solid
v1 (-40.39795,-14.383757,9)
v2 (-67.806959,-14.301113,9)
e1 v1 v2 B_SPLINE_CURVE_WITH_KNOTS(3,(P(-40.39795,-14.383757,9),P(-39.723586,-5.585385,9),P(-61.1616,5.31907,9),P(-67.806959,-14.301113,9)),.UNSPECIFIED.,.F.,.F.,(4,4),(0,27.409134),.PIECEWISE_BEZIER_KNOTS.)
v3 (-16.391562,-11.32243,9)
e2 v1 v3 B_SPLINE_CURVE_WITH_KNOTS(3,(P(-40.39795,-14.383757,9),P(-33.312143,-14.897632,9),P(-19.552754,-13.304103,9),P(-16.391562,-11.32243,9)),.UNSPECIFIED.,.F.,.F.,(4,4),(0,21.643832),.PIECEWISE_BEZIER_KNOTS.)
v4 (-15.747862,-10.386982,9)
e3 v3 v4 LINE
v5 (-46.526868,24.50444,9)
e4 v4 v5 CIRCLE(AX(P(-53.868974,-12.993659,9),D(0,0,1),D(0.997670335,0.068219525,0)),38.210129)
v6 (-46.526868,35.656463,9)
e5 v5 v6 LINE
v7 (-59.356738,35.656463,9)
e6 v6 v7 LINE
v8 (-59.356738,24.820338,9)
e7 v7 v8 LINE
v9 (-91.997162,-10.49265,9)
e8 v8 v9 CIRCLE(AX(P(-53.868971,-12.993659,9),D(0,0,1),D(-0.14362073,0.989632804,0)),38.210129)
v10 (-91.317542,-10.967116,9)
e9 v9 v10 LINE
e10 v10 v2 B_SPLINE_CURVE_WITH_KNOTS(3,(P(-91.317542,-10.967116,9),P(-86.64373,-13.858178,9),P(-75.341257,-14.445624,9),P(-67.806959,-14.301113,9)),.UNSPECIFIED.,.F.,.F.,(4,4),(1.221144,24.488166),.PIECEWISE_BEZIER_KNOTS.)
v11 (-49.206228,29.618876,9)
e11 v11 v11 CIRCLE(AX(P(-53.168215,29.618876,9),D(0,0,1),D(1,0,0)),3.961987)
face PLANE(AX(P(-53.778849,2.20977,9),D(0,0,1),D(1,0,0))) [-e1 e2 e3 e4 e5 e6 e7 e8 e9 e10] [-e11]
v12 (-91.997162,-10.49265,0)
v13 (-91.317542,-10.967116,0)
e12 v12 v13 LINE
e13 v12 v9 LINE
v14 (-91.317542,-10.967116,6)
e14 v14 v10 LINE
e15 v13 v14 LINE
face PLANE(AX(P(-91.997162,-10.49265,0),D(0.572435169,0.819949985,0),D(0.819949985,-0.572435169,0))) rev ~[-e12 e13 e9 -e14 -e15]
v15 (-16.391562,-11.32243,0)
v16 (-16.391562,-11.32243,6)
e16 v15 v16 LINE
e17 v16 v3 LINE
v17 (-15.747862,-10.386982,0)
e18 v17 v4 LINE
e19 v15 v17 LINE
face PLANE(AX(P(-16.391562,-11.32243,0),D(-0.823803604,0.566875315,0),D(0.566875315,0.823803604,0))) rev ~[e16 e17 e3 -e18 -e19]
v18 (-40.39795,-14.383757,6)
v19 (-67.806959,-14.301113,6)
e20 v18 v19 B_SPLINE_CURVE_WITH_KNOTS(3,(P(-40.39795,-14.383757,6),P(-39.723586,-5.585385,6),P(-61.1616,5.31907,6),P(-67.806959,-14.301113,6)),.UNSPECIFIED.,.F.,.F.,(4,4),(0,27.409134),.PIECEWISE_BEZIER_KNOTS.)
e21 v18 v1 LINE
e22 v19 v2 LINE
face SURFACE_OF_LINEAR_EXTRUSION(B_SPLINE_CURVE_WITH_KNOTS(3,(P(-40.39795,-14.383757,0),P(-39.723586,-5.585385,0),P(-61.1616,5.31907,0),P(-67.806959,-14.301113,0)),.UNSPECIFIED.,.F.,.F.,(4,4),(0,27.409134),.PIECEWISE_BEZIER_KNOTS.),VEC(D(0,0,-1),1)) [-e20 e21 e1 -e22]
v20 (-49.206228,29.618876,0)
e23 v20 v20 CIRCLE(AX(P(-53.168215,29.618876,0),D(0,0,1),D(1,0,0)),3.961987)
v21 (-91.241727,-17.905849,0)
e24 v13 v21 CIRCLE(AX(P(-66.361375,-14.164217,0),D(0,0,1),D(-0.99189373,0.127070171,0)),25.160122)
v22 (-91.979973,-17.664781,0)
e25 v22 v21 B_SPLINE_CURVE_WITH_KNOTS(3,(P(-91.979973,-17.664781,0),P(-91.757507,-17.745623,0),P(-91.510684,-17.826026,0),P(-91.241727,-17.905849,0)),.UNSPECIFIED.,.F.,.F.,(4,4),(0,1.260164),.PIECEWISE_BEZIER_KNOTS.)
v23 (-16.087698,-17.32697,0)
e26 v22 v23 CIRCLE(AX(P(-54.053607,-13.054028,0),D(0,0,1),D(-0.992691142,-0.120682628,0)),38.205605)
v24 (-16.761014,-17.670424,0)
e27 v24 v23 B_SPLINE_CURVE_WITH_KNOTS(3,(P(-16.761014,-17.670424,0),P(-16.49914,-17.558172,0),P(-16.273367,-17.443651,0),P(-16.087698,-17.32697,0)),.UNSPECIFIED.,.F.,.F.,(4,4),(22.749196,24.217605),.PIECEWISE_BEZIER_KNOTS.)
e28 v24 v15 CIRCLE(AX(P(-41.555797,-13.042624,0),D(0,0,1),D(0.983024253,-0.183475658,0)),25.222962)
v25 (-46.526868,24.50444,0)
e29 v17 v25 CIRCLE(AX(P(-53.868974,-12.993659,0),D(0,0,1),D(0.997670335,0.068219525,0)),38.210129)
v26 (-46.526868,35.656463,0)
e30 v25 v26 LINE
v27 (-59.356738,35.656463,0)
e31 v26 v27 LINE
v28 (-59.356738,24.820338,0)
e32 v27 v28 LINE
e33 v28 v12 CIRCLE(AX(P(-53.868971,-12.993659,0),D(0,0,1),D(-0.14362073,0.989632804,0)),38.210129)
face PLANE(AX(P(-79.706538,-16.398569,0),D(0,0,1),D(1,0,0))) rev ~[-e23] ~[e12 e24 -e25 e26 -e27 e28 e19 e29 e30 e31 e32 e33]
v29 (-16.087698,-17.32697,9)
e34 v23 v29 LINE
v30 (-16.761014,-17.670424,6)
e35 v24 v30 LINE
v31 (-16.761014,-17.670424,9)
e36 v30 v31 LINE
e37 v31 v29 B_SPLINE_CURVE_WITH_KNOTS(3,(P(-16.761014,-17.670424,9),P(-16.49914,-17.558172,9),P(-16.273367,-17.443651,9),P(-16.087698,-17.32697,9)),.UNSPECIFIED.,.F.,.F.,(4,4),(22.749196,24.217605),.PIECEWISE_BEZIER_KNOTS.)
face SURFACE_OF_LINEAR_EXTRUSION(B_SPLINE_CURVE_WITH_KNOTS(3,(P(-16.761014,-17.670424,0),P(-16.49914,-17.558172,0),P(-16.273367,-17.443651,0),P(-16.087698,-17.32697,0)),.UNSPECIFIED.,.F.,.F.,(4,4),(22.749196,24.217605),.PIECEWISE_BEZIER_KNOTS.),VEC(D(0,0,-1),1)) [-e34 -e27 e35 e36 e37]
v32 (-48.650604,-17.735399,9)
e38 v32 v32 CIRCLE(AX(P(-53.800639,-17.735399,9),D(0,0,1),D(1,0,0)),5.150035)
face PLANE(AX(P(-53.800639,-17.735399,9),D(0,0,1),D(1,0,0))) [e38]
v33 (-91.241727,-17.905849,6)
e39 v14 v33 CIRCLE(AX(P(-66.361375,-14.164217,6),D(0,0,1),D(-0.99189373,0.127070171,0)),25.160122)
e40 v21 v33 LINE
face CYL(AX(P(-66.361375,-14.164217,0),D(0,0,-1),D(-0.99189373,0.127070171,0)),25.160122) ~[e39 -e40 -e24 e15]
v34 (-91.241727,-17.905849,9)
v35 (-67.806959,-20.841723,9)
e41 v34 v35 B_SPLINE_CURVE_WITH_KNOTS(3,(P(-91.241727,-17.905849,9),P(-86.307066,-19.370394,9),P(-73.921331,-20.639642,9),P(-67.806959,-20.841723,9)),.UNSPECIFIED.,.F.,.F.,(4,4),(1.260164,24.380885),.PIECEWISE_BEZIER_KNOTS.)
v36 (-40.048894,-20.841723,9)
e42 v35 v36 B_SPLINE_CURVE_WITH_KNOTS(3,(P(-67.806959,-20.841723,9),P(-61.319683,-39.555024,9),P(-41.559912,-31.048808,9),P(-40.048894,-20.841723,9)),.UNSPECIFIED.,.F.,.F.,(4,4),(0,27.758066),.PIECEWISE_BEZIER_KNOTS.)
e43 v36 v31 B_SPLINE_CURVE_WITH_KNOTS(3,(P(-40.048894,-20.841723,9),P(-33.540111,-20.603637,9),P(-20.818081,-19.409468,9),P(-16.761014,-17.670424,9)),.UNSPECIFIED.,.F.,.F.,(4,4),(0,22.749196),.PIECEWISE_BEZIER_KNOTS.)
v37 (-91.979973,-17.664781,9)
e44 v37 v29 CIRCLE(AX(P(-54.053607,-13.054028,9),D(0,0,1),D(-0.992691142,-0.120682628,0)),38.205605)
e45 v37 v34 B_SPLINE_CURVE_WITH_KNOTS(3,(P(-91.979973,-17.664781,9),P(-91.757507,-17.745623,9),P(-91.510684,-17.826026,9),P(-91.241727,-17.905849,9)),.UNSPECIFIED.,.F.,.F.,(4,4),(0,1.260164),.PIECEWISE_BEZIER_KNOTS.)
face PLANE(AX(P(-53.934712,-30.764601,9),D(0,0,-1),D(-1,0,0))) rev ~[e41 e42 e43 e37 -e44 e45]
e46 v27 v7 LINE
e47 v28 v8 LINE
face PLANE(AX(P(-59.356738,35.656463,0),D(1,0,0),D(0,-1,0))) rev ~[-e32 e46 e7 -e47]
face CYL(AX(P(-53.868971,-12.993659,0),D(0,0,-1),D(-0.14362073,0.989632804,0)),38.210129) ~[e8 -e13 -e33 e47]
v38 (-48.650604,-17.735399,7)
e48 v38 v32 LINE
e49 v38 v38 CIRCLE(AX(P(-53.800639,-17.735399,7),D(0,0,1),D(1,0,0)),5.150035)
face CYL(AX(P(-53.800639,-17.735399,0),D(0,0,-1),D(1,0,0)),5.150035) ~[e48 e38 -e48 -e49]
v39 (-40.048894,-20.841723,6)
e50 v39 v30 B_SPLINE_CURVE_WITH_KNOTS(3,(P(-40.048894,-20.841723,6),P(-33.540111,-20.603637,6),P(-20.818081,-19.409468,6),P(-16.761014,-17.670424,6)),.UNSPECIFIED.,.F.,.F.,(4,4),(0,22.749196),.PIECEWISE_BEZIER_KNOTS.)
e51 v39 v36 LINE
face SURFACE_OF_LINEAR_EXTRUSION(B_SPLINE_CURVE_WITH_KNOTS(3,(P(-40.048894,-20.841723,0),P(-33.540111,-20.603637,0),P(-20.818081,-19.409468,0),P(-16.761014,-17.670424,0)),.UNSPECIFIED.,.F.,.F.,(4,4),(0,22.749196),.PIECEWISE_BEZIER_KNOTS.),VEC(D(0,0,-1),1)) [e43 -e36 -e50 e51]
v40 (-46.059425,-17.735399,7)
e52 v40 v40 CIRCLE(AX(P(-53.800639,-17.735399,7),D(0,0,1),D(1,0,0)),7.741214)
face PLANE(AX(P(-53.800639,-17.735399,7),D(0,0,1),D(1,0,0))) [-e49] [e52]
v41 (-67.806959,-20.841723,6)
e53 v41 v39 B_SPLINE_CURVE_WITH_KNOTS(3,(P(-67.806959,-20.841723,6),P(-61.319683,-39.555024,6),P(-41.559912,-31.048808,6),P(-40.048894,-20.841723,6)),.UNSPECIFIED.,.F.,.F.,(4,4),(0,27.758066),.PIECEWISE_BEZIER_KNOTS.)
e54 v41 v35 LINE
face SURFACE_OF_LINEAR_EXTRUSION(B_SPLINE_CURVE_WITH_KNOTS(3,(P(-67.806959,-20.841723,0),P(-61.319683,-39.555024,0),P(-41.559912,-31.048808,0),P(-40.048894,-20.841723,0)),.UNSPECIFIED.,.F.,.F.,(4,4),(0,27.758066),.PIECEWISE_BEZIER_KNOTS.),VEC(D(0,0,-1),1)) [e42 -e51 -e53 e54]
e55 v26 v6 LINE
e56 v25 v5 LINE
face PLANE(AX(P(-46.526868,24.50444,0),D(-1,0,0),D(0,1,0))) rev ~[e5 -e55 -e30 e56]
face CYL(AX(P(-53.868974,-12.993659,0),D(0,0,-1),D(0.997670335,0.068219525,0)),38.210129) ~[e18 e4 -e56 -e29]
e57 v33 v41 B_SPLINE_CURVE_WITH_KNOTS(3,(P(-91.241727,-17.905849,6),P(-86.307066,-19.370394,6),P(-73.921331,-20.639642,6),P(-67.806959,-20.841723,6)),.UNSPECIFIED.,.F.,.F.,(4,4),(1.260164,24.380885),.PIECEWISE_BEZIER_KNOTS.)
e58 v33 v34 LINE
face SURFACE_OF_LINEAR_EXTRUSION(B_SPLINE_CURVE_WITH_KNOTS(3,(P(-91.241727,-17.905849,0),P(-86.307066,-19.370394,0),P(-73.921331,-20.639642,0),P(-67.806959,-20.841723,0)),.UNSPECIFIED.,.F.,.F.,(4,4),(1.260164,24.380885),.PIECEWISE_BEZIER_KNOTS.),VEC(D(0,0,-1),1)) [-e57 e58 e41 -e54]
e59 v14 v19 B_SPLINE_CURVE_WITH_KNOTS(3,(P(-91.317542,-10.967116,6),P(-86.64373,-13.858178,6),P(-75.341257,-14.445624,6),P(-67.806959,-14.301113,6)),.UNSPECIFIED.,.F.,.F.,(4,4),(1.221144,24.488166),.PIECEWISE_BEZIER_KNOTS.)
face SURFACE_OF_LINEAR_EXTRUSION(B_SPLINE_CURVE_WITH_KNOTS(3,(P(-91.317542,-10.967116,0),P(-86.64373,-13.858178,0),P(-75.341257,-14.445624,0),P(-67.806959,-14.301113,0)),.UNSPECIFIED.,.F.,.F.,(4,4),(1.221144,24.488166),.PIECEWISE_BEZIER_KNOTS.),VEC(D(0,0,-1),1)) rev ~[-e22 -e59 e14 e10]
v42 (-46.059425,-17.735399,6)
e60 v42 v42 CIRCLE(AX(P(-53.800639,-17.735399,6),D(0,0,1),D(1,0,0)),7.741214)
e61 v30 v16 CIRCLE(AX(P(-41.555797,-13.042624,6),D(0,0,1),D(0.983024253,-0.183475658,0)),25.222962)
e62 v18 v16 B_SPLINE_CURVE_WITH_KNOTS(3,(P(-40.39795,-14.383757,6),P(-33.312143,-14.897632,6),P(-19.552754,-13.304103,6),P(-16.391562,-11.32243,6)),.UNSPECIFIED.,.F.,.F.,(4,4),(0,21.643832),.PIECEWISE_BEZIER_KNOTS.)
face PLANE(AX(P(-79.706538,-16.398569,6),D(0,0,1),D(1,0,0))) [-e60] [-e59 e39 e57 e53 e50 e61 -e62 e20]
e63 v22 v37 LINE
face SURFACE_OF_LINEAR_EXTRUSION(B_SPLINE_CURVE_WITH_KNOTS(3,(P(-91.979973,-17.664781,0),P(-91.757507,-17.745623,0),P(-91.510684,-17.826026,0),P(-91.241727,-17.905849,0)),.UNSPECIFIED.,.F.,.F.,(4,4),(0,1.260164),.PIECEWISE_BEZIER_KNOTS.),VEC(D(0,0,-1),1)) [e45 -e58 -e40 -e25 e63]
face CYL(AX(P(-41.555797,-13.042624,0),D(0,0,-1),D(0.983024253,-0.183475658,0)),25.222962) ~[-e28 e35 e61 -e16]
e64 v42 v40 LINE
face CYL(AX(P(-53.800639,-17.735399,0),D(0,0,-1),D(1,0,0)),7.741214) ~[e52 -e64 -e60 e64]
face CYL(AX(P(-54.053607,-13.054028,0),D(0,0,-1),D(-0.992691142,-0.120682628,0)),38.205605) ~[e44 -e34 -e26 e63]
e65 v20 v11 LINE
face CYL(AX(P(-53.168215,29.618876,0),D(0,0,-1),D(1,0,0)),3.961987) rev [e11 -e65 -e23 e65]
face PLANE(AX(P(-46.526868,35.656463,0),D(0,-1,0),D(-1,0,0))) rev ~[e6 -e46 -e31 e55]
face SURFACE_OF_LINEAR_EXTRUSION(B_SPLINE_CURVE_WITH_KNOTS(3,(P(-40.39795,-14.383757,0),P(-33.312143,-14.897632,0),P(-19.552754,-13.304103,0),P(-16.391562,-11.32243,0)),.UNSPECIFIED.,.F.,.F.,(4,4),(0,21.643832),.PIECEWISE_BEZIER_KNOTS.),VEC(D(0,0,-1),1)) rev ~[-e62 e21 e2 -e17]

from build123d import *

# Parameters (mm, degrees)
F0_R     = 5.150035
F0_R_2   = 3.961987
F1_DEPTH = 9
F0_R_3   = 7.741214
F2_DEPTH = 6
F3_DEPTH = 7


with BuildPart() as f1:
    # F0 (on Top) → F1 (new body)
    with BuildSketch(Plane.XY):
        with BuildLine():
            add(Edge.make_bspline(
                [(-91.317542, -10.967116), (-86.64373, -13.858178), (-75.341257, -14.445624), (-67.806959, -14.301113)],
                knots=[1.221144, 1.221144, 1.221144, 1.221144, 24.488166, 24.488166, 24.488166, 24.488166], degree=3))
            add(Edge.make_bspline(
                [(-40.39795, -14.383757), (-39.723586, -5.585385), (-61.1616, 5.31907), (-67.806959, -14.301113)],
                knots=[0, 0, 0, 0, 27.409134, 27.409134, 27.409134, 27.409134], degree=3))
            add(Edge.make_bspline(
                [(-40.39795, -14.383757), (-33.312143, -14.897632), (-19.552754, -13.304103), (-16.391562, -11.32243)],
                knots=[0, 0, 0, 0, 21.643832, 21.643832, 21.643832, 21.643832], degree=3))
            Line((-16.391562, -11.32243), (-15.747862, -10.386982))
            ThreePointArc((-15.747862, -10.386982), (-25.2145, 12.283506), (-46.526868, 24.50444))
            Line((-46.526868, 24.50444), (-46.526868, 23.27941))
            Line((-46.526868, 23.27941), (-59.356738, 23.27941))
            Line((-59.356738, 23.27941), (-59.356738, 24.820338))
            ThreePointArc((-59.356738, 24.820338), (-81.928546, 12.942305), (-91.997162, -10.49265))
            Line((-91.997162, -10.49265), (-91.317542, -10.967116))
        make_face()
        with BuildLine():
            add(Edge.make_bspline(
                [(-67.806959, -20.841723), (-61.319683, -39.555024), (-41.559912, -31.048808), (-40.048894, -20.841723)],
                knots=[0, 0, 0, 0, 27.758066, 27.758066, 27.758066, 27.758066], degree=3))
            add(Edge.make_bspline(
                [(-91.241727, -17.905849), (-86.307066, -19.370394), (-73.921331, -20.639642), (-67.806959, -20.841723)],
                knots=[1.260164, 1.260164, 1.260164, 1.260164, 24.380885, 24.380885, 24.380885, 24.380885], degree=3))
            add(Edge.make_bspline(
                [(-91.979973, -17.664781), (-91.757507, -17.745623), (-91.510684, -17.826026), (-91.241727, -17.905849)],
                knots=[0, 0, 0, 0, 1.260164, 1.260164, 1.260164, 1.260164], degree=3))
            ThreePointArc((-91.979973, -17.664781), (-53.883548, -51.259255), (-16.087698, -17.32697))
            add(Edge.make_bspline(
                [(-16.761014, -17.670424), (-16.49914, -17.558172), (-16.273367, -17.443651), (-16.087698, -17.32697)],
                knots=[22.749196, 22.749196, 22.749196, 22.749196, 24.217605, 24.217605, 24.217605, 24.217605], degree=3))
            add(Edge.make_bspline(
                [(-40.048894, -20.841723), (-33.540111, -20.603637), (-20.818081, -19.409468), (-16.761014, -17.670424)],
                knots=[0, 0, 0, 0, 22.749196, 22.749196, 22.749196, 22.749196], degree=3))
        make_face()
        with Locations((-53.800639, -17.735399)):
            Circle(F0_R)
        with BuildLine():
            Line((-59.356738, 35.656463), (-59.356738, 24.820338))
            ThreePointArc((-59.356738, 24.820338), (-52.928445, 25.204892), (-46.526868, 24.50444))
            Line((-46.526868, 24.50444), (-46.526868, 35.656463))
            Line((-46.526868, 35.656463), (-59.356738, 35.656463))
        make_face()
        with Locations((-53.168215, 29.618876)):
            Circle(F0_R_2, mode=Mode.SUBTRACT)
        with BuildLine():
            ThreePointArc((-46.526868, 24.50444), (-52.928445, 25.204892), (-59.356738, 24.820338))
            Line((-59.356738, 24.820338), (-59.356738, 23.27941))
            Line((-59.356738, 23.27941), (-46.526868, 23.27941))
            Line((-46.526868, 23.27941), (-46.526868, 24.50444))
        make_face()
    extrude(amount=F1_DEPTH)

    # F0 (on Top) → F2 (join)
    with BuildSketch(Plane.XY):
        with BuildLine():
            add(Edge.make_bspline(
                [(-91.241727, -17.905849), (-86.307066, -19.370394), (-73.921331, -20.639642), (-67.806959, -20.841723)],
                knots=[1.260164, 1.260164, 1.260164, 1.260164, 24.380885, 24.380885, 24.380885, 24.380885], degree=3))
            Line((-67.806959, -20.841723), (-67.806959, -14.301113))
            add(Edge.make_bspline(
                [(-91.317542, -10.967116), (-86.64373, -13.858178), (-75.341257, -14.445624), (-67.806959, -14.301113)],
                knots=[1.221144, 1.221144, 1.221144, 1.221144, 24.488166, 24.488166, 24.488166, 24.488166], degree=3))
            ThreePointArc((-91.317542, -10.967116), (-91.519995, -14.439109), (-91.241727, -17.905849))
        make_face()
        with BuildLine():
            Line((-40.39795, -14.383757), (-40.048894, -20.841723))
            add(Edge.make_bspline(
                [(-40.048894, -20.841723), (-33.540111, -20.603637), (-20.818081, -19.409468), (-16.761014, -17.670424)],
                knots=[0, 0, 0, 0, 22.749196, 22.749196, 22.749196, 22.749196], degree=3))
            ThreePointArc((-16.761014, -17.670424), (-16.375445, -14.508116), (-16.391562, -11.32243))
            add(Edge.make_bspline(
                [(-40.39795, -14.383757), (-33.312143, -14.897632), (-19.552754, -13.304103), (-16.391562, -11.32243)],
                knots=[0, 0, 0, 0, 21.643832, 21.643832, 21.643832, 21.643832], degree=3))
        make_face()
        with BuildLine():
            Line((-67.806959, -14.301113), (-67.806959, -20.841723))
            add(Edge.make_bspline(
                [(-67.806959, -20.841723), (-61.319683, -39.555024), (-41.559912, -31.048808), (-40.048894, -20.841723)],
                knots=[0, 0, 0, 0, 27.758066, 27.758066, 27.758066, 27.758066], degree=3))
            Line((-40.048894, -20.841723), (-40.39795, -14.383757))
            add(Edge.make_bspline(
                [(-40.39795, -14.383757), (-39.723586, -5.585385), (-61.1616, 5.31907), (-67.806959, -14.301113)],
                knots=[0, 0, 0, 0, 27.409134, 27.409134, 27.409134, 27.409134], degree=3))
        make_face()
        with Locations((-53.800639, -17.735399)):
            Circle(F0_R_3, mode=Mode.SUBTRACT)
    extrude(amount=F2_DEPTH)

    # F0 (on Top) → F3 (join)
    with BuildSketch(Plane.XY):
        with Locations((-53.800639, -17.735399)):
            Circle(F0_R_3)
        with Locations((-53.800639, -17.735399)):
            Circle(F0_R, mode=Mode.SUBTRACT)
    extrude(amount=F3_DEPTH)


solid = f1.part
